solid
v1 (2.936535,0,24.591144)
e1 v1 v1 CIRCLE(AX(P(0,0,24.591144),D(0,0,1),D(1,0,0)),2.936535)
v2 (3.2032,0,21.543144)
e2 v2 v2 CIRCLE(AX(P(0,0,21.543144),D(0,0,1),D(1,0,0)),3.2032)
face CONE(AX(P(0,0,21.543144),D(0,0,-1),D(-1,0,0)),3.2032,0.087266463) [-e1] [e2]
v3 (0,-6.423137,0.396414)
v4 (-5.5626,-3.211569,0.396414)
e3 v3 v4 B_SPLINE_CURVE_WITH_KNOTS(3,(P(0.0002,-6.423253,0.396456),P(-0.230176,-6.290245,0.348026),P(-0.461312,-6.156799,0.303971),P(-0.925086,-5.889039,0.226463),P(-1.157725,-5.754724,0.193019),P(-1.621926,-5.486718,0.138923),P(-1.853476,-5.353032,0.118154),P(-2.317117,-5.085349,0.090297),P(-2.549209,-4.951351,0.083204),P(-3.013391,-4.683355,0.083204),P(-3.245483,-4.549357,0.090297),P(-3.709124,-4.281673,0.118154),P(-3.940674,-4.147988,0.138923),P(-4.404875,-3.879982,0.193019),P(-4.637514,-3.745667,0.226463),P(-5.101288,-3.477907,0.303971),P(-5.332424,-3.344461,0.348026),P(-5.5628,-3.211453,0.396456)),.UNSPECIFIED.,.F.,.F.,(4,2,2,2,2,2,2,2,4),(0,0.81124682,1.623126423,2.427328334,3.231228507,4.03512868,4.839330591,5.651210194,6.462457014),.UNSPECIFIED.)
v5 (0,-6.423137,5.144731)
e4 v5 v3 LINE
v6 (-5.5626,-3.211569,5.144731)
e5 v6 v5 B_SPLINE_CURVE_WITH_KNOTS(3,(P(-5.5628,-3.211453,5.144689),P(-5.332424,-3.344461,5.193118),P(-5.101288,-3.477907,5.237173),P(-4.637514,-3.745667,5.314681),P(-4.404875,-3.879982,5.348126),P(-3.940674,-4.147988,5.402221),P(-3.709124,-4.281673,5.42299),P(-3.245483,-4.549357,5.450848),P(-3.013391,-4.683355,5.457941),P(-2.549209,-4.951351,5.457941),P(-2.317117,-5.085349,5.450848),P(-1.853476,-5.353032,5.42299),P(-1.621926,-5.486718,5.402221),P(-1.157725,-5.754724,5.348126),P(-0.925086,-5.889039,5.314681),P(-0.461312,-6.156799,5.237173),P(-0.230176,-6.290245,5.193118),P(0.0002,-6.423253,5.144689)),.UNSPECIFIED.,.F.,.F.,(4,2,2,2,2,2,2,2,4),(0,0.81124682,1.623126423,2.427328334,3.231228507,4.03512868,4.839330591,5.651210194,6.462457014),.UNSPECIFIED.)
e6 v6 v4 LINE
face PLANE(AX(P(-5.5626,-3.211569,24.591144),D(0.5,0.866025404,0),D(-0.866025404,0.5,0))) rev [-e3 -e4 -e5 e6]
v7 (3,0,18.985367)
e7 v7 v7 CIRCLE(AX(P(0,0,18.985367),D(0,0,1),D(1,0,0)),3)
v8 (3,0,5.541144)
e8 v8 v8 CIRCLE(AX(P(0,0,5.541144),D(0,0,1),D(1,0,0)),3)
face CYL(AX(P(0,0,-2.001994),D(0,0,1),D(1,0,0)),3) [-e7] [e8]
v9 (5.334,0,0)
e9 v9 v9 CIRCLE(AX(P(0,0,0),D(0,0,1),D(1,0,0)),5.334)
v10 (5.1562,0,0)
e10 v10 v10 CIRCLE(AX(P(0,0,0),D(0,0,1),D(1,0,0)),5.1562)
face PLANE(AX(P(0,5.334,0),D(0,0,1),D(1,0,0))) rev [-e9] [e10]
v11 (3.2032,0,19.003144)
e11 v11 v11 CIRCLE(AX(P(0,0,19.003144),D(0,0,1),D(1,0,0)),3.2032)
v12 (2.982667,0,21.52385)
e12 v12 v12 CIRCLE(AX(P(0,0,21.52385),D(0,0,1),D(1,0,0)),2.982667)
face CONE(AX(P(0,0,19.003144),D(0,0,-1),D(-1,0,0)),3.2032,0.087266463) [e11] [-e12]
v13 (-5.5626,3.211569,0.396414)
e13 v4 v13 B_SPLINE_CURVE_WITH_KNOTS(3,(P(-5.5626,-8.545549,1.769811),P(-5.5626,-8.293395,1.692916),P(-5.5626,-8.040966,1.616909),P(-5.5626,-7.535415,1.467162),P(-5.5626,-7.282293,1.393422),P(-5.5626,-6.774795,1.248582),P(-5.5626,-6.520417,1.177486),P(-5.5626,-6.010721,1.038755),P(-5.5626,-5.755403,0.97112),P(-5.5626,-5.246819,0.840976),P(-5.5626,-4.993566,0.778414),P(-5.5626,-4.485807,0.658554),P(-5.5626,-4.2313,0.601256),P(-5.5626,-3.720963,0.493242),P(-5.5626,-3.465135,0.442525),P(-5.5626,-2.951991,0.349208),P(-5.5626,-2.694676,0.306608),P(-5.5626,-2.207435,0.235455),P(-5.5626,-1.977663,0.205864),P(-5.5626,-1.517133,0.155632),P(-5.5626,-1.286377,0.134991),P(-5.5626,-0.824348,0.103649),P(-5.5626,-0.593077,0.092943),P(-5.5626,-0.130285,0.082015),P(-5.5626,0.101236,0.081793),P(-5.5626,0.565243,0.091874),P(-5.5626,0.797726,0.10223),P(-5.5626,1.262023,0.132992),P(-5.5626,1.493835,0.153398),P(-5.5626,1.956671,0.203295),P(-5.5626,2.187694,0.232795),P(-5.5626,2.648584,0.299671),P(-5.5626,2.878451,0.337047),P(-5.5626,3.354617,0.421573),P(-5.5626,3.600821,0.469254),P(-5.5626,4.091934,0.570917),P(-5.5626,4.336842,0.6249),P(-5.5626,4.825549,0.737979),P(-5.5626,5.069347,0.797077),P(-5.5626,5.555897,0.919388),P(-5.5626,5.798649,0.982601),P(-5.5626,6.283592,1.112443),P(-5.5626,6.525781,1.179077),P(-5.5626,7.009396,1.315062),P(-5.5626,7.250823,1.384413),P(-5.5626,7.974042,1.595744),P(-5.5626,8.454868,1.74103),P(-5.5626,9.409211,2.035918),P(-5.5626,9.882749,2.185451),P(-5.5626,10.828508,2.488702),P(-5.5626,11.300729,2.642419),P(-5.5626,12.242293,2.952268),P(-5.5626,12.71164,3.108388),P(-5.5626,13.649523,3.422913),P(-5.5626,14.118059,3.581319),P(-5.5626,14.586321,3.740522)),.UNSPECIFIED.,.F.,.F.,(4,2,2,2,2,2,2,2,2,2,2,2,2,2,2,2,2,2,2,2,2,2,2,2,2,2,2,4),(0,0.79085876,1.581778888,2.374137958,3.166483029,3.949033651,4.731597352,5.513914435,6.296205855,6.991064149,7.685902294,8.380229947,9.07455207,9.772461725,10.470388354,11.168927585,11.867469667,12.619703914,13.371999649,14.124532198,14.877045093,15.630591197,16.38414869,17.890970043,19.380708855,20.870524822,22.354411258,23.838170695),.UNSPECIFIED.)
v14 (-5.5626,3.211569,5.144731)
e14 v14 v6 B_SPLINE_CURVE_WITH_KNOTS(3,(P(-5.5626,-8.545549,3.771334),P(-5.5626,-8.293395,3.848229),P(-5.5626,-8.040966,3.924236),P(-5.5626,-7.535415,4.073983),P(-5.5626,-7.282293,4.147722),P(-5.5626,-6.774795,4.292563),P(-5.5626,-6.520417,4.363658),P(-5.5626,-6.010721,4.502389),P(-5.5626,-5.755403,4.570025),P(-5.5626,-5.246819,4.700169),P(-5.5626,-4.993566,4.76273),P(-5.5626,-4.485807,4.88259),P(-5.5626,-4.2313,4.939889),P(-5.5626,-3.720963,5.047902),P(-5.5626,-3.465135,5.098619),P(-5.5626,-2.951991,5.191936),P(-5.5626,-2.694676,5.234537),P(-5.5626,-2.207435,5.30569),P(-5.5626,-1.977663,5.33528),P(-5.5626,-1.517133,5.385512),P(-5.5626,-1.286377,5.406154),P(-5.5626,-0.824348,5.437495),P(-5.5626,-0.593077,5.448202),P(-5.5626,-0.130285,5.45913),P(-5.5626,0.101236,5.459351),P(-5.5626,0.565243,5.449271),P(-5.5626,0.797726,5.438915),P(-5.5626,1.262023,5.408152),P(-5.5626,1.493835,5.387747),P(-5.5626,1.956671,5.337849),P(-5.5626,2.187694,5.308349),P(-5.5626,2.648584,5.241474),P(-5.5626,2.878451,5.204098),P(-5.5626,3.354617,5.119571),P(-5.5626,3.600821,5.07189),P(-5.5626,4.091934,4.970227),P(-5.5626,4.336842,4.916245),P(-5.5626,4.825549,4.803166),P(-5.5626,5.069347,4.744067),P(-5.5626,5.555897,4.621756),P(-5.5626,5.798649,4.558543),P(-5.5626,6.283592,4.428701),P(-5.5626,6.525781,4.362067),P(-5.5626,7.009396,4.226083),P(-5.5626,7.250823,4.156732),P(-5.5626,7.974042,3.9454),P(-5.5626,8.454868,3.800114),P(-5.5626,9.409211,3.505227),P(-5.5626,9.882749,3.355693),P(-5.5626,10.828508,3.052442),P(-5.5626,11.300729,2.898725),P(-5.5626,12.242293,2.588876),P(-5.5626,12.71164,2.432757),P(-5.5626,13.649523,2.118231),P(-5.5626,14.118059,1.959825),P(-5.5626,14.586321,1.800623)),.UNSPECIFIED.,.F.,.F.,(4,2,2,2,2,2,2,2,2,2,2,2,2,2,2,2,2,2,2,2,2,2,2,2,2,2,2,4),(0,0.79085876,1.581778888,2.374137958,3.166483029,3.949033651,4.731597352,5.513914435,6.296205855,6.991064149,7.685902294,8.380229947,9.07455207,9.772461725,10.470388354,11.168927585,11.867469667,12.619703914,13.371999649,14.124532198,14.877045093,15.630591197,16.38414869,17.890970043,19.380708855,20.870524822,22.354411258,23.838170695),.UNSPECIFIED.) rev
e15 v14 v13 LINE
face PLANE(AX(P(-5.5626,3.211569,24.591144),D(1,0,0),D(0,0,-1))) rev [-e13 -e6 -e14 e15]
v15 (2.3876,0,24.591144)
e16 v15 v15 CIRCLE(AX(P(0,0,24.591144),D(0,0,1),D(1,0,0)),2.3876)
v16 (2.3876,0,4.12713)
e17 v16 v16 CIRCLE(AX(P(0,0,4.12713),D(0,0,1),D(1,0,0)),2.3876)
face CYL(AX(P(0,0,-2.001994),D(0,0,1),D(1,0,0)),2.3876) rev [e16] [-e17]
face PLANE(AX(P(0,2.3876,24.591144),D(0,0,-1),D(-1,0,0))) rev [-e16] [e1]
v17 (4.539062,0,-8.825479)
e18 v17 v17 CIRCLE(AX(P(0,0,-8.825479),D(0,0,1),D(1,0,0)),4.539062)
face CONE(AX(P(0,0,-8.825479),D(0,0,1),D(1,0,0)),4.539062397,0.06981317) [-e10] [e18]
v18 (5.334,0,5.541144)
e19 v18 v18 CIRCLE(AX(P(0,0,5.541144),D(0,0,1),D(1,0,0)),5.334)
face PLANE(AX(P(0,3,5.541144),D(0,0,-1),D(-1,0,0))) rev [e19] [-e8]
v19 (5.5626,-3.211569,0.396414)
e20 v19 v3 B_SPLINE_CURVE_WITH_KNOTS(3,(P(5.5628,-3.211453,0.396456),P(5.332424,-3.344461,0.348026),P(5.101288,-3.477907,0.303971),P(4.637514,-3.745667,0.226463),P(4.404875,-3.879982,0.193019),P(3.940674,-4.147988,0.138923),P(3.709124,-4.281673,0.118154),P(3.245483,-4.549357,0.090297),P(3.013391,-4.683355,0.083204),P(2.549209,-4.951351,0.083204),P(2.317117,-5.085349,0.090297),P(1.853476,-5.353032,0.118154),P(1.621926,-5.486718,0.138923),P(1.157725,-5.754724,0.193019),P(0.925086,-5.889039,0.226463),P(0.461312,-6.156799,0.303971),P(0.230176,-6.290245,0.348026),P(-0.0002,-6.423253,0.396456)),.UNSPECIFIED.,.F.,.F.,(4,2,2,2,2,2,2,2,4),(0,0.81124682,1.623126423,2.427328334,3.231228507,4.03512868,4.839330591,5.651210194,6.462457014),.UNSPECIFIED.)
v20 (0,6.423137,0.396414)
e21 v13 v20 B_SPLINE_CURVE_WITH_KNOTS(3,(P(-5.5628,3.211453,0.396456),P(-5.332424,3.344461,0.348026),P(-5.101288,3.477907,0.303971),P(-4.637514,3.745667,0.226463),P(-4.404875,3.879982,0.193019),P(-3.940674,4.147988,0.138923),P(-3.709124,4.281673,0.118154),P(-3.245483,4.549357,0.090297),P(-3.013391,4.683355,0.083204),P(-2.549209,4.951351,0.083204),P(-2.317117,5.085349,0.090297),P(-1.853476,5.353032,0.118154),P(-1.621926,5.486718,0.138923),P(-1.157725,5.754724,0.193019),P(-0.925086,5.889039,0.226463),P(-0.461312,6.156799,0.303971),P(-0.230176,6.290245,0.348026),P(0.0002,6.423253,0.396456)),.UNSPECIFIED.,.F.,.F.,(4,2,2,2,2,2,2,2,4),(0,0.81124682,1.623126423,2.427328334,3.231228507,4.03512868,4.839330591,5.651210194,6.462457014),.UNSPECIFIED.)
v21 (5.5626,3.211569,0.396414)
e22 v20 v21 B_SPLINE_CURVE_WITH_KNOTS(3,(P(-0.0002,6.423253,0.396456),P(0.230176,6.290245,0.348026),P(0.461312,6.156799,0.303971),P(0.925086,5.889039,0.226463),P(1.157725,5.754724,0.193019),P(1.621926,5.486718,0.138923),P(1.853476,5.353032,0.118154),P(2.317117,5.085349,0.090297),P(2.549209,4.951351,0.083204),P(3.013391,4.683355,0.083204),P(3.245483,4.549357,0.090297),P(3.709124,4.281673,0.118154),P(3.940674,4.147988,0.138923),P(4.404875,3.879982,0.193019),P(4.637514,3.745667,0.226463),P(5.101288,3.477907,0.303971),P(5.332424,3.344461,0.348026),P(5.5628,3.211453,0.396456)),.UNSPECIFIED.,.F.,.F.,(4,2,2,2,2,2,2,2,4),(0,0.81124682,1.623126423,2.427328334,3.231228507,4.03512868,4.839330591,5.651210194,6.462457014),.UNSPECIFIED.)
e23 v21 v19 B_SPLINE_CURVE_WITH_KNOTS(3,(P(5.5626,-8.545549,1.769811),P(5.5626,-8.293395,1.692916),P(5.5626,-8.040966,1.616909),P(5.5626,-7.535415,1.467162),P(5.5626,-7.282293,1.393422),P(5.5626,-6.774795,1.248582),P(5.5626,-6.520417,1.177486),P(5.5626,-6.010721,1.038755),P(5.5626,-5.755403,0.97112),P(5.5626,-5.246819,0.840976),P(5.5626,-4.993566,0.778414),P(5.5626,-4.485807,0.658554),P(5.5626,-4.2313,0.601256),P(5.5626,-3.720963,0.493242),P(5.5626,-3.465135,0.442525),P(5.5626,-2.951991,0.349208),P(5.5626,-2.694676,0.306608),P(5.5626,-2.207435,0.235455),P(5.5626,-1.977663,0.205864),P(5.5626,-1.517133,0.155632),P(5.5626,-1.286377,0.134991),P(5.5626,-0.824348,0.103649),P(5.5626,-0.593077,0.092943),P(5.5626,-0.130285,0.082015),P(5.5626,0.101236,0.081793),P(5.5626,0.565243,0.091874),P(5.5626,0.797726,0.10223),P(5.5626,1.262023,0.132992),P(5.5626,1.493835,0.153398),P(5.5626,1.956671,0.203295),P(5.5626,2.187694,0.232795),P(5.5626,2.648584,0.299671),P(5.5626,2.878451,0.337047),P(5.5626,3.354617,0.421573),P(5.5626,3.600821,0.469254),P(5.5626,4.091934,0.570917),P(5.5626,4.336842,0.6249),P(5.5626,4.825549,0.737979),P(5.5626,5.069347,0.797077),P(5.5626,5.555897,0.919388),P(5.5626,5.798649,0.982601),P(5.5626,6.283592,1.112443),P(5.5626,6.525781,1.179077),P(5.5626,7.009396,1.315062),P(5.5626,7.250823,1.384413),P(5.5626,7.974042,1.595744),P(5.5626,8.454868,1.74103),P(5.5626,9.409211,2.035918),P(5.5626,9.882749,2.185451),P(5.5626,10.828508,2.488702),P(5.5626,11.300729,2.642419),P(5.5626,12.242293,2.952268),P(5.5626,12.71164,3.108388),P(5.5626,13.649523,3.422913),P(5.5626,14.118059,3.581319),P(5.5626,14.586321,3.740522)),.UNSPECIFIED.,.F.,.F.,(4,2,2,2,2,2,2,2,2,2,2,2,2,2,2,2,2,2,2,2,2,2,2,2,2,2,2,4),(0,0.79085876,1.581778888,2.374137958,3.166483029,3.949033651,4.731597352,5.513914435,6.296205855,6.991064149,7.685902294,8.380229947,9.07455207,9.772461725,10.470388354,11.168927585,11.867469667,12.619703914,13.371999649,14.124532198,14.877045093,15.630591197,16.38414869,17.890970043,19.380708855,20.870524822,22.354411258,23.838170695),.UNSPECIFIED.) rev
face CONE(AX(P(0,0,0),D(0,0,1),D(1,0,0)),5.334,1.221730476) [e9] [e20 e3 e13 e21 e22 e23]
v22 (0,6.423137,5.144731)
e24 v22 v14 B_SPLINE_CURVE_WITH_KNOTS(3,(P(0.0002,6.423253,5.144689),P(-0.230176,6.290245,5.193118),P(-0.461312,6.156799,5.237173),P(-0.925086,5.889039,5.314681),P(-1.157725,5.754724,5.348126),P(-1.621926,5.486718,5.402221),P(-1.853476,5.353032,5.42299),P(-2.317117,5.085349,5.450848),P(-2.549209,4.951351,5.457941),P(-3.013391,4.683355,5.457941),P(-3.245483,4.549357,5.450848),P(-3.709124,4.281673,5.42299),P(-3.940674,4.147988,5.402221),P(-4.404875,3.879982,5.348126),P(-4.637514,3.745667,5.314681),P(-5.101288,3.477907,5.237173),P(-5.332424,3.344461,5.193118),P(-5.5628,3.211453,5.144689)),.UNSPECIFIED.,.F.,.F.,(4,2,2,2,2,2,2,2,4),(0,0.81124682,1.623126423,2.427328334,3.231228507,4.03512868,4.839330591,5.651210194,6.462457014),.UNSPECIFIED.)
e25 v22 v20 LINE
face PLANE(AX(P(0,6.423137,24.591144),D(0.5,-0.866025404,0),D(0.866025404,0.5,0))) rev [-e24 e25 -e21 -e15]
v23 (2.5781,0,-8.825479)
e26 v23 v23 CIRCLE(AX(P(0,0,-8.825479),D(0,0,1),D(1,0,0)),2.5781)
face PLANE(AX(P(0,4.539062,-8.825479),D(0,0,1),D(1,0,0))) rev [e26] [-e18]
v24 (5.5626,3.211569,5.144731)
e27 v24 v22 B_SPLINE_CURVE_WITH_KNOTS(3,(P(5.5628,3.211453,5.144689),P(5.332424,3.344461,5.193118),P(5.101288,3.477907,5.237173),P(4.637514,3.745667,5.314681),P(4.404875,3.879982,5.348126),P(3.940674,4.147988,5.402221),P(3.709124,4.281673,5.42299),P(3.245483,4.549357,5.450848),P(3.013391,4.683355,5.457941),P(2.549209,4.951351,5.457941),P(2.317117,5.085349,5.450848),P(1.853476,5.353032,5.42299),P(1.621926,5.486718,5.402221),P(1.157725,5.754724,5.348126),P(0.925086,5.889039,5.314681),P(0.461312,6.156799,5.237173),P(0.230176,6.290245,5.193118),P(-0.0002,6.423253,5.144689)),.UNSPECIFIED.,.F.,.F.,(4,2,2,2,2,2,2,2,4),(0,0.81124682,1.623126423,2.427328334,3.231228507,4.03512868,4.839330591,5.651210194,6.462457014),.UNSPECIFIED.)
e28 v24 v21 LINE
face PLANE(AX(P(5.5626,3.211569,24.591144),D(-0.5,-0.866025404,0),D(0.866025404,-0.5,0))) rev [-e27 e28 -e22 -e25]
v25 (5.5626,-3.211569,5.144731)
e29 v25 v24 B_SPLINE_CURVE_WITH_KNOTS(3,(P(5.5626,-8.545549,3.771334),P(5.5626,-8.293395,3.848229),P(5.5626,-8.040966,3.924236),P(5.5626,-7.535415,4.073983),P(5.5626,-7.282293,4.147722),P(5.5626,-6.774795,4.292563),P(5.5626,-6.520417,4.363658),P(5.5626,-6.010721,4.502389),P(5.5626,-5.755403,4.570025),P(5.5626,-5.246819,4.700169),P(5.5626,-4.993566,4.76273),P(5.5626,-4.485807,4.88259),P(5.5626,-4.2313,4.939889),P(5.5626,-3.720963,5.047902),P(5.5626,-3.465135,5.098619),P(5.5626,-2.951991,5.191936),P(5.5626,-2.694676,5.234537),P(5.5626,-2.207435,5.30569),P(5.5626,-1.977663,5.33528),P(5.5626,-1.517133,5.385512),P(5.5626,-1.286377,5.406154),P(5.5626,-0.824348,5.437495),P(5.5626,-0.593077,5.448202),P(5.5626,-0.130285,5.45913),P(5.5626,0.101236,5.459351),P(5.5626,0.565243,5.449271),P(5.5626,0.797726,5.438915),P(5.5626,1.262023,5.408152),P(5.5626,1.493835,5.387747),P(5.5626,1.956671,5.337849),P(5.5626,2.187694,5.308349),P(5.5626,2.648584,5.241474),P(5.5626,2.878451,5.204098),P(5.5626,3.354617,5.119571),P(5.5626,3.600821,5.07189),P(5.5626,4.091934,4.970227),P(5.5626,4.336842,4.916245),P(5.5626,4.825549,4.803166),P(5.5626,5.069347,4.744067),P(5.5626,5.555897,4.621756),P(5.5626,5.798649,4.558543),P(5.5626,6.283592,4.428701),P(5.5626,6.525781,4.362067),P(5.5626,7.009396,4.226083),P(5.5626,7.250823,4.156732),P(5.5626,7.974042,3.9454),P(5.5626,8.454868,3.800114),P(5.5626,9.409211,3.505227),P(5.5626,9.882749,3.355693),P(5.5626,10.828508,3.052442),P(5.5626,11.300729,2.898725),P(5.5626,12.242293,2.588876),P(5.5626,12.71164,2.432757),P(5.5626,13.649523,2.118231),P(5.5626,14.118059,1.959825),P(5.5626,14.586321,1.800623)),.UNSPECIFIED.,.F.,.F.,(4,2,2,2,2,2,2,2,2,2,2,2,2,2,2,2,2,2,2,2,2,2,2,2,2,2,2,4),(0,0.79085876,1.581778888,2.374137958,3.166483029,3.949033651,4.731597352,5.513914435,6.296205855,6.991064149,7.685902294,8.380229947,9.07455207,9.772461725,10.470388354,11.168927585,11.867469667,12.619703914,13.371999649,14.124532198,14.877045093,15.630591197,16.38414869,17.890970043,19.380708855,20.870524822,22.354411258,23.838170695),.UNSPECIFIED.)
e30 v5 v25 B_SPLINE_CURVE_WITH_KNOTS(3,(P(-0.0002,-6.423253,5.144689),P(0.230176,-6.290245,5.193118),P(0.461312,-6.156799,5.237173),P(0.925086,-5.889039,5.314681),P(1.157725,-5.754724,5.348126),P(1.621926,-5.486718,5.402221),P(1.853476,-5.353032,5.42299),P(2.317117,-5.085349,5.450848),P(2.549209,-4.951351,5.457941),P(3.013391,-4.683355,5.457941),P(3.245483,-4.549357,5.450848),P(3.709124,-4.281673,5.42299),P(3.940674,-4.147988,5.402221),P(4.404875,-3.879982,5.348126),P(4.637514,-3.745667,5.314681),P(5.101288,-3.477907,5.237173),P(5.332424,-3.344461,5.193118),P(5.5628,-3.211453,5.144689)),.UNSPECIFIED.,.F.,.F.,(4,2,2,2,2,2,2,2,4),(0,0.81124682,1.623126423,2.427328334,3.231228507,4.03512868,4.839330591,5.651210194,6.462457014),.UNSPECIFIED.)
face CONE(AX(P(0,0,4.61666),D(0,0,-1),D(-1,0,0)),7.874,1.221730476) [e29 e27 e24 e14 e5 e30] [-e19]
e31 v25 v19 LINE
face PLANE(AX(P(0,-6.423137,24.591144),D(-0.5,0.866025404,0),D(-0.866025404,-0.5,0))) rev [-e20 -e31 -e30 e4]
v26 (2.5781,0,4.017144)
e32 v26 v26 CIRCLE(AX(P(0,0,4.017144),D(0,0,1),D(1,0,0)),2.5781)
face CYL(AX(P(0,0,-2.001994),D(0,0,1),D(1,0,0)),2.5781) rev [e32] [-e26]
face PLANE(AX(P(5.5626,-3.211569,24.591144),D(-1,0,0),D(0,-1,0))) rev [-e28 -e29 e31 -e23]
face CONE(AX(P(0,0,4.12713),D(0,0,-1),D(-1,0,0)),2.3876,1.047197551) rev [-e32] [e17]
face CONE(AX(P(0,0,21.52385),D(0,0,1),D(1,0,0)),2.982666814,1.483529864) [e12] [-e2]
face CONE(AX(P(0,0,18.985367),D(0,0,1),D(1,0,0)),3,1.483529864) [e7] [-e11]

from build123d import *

# Parameters (mm, degrees)
SKETCH2_OUTSIDE_W  = 25.78
SKETCH2_OUTSIDE_H  = 25.78
CUT_EXTRUDE1_DEPTH = 27.994890987


with BuildPart() as part:
    # Sketch1 → Revolve1 (revolve)
    with BuildSketch(Plane(origin=(0, 0, 0), x_dir=(0, 0, -1), z_dir=(1, 0, 0)), mode=Mode.PRIVATE) as revolve1_sk:
        Polygon((-4.127129718, 2.3876), (-24.591144492, 2.3876), (-24.591144492, 2.936534554), (-21.543144492, 3.2032), (-21.523850338, 2.982666814), (-19.003144492, 3.2032), (-18.985366795, 3), (-5.541144492, 3), (-5.541144492, 5.334), (-4.616660097, 7.874), (-0.924484395, 7.874), (0, 5.334), (0, 5.1562), (8.825478894, 4.539062397), (8.825478894, 2.5781), (-4.017144492, 2.5781), align=None)
    revolve(revolve1_sk.sketch.rotate(Axis((0, 0, -2.001994087), (0, 0, -1)), 90), axis=Axis((0, 0, -2.001994087), (0, 0, -1)))

    # Sketch2 outside → Cut-Extrude1 (cut, through all)
    with BuildSketch(Plane.XY):
        Rectangle(SKETCH2_OUTSIDE_W, SKETCH2_OUTSIDE_H)
        Polygon((0, 6.423137215), (-5.5626, 3.211568607), (-5.5626, -3.211568607), (0, -6.423137215), (5.5626, -3.211568607), (5.5626, 3.211568607), align=None, mode=Mode.SUBTRACT)
    extrude(amount=CUT_EXTRUDE1_DEPTH, mode=Mode.SUBTRACT)


solid = part.part
